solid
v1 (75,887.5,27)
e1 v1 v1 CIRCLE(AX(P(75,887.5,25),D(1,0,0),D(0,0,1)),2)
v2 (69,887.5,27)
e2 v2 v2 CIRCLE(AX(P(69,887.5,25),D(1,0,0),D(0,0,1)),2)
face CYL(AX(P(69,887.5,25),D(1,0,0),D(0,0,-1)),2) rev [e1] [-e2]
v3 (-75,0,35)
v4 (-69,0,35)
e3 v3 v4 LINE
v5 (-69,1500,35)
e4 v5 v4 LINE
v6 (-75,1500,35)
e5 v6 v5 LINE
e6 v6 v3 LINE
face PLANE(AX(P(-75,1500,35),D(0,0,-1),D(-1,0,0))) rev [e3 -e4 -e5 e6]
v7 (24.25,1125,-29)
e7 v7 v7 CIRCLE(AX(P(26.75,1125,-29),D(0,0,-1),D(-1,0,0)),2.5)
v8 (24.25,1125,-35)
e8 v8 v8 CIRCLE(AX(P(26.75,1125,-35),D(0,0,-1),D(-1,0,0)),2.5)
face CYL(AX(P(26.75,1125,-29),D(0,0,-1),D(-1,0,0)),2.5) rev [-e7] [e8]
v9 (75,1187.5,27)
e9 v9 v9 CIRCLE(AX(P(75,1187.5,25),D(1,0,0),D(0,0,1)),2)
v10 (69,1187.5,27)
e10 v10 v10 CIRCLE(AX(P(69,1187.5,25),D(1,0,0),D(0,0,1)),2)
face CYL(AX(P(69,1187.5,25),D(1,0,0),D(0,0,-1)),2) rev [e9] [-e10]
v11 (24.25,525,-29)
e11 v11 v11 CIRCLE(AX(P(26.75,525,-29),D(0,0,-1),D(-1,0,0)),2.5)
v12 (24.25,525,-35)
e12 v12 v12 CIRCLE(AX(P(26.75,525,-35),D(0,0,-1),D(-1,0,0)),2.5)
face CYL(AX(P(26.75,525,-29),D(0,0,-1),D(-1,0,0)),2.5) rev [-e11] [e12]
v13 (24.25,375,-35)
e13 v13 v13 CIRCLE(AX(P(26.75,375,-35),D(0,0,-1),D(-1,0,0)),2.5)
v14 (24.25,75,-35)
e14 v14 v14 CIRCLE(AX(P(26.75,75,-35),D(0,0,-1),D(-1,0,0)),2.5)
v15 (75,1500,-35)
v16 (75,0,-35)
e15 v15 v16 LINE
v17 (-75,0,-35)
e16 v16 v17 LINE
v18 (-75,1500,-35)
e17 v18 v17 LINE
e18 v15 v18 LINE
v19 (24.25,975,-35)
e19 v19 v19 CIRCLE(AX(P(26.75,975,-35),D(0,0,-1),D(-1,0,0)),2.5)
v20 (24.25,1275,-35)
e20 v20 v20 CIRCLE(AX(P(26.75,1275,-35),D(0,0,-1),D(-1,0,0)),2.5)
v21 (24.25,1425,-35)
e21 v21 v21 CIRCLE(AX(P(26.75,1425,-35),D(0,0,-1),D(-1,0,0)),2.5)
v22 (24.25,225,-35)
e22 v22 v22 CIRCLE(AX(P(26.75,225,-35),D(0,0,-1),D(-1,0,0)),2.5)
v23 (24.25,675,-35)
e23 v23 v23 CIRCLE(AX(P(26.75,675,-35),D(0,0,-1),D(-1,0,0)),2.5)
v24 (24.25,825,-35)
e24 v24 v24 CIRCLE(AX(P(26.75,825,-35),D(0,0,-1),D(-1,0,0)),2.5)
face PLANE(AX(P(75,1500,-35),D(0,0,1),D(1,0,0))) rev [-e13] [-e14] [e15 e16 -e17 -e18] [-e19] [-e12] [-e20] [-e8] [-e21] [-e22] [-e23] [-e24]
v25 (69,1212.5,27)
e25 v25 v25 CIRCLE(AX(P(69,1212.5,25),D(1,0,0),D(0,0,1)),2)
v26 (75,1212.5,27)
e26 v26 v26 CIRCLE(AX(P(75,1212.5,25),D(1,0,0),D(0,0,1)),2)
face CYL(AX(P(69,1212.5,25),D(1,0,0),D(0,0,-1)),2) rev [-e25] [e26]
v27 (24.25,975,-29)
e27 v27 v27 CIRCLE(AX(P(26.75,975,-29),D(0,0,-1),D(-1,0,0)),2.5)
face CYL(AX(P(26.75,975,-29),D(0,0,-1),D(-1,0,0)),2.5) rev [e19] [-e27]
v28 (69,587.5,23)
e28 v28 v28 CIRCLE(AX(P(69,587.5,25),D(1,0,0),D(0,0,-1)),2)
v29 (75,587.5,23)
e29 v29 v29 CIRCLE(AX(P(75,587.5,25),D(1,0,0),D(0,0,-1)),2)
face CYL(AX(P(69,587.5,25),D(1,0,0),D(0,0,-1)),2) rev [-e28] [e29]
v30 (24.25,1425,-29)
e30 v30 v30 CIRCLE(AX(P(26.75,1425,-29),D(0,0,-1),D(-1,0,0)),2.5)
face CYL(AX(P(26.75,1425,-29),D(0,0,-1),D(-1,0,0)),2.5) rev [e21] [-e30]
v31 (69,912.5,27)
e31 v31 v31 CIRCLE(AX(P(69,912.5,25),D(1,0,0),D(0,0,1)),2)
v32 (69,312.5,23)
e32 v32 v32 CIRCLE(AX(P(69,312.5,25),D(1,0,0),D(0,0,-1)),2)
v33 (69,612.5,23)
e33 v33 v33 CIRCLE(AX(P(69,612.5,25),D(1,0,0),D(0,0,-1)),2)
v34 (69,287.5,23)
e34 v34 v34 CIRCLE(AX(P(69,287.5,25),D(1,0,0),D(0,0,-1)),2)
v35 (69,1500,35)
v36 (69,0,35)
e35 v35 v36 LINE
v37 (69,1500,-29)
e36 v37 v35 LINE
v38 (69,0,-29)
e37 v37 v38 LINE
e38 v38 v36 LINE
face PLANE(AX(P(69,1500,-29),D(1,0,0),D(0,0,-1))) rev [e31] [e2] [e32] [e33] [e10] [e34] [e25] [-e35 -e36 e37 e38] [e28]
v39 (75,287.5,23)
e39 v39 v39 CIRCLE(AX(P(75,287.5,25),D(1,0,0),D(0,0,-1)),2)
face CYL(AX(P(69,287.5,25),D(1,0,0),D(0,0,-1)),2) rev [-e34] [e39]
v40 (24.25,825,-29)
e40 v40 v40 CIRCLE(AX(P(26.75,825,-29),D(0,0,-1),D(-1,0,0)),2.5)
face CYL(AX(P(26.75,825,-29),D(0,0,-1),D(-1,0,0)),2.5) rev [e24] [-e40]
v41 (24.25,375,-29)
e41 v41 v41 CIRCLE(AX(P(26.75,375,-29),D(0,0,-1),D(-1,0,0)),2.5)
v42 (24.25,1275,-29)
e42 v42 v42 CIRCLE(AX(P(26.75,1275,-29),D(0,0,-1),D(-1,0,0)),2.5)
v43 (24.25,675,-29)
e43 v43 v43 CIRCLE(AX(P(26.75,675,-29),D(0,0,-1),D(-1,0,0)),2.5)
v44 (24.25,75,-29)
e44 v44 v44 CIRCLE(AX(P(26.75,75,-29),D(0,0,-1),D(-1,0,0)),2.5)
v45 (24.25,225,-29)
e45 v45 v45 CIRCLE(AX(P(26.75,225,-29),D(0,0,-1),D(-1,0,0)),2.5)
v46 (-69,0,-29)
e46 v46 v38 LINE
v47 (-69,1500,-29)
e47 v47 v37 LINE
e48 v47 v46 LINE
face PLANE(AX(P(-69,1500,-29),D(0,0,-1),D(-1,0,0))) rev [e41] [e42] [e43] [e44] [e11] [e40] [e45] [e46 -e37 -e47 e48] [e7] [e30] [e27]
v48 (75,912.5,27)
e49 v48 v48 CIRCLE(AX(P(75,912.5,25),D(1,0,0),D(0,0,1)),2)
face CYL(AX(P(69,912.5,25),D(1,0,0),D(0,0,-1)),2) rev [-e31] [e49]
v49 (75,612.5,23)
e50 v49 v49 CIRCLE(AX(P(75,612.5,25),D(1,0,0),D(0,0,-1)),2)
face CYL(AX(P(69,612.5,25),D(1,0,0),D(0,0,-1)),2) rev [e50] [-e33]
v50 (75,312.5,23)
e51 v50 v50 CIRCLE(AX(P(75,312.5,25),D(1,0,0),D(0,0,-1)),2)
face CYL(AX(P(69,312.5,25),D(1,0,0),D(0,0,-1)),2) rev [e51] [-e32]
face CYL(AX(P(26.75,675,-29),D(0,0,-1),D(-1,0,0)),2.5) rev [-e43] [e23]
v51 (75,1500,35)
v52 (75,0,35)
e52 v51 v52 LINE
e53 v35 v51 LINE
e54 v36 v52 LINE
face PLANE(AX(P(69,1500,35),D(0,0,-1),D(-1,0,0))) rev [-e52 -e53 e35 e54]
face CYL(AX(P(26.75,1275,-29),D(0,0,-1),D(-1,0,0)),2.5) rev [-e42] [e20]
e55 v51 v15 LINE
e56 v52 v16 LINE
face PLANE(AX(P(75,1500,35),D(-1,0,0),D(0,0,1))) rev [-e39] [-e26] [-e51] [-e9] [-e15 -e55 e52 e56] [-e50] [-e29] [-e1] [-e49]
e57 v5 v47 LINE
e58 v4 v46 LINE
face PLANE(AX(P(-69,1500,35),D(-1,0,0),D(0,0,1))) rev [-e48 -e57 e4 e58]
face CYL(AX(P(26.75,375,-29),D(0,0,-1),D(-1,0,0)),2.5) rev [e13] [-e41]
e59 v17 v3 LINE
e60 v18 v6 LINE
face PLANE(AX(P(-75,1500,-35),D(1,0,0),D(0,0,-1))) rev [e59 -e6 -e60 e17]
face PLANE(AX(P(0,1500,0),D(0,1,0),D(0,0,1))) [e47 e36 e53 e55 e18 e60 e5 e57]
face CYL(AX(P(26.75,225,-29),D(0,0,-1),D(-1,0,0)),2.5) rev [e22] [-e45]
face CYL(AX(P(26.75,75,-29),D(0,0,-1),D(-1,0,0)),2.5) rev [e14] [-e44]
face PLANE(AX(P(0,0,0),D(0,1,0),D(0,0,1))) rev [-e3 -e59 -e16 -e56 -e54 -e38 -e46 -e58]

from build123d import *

# Parameters (mm, degrees)
BOSS_EXTRUDE1_DEPTH = 1500
SKETCH2_R           = 2
CUT_EXTRUDE1_DEPTH  = 6
SKETCH3_R           = 2.5
CUT_EXTRUDE2_DEPTH  = 6


with BuildPart() as part:
    # Sketch1 → Boss-Extrude1 (new body)
    with BuildSketch(Plane(origin=(0, 0, 0), x_dir=(1, 0, 0), z_dir=(0, 1, 0))):
        Polygon((-75, 35), (-75, -35), (-69, -35), (-69, 29), (69, 29), (69, -35), (75, -35), (75, 35), align=None)
    extrude(amount=BOSS_EXTRUDE1_DEPTH)

    # Sketch2 → Cut-Extrude1 (cut)
    with BuildSketch(Plane(origin=(75, 0, 0), x_dir=(0, 0, -1), z_dir=(1, 0, 0))):
        with Locations((-25, 312.5)):
            Circle(SKETCH2_R)
        with Locations((-25, 287.5)):
            Circle(SKETCH2_R)
        with Locations((-25, 587.5)):
            Circle(SKETCH2_R)
        with Locations((-25, 612.5)):
            Circle(SKETCH2_R)
        with Locations((-25, 1212.5)):
            Circle(SKETCH2_R)
        with Locations((-25, 1187.5)):
            Circle(SKETCH2_R)
        with Locations((-25, 887.5)):
            Circle(SKETCH2_R)
        with Locations((-25, 912.5)):
            Circle(SKETCH2_R)
    extrude(amount=-CUT_EXTRUDE1_DEPTH, mode=Mode.SUBTRACT)

    # Sketch3 → Cut-Extrude2 (cut)
    with BuildSketch(Plane(origin=(0, 0, -35), x_dir=(-1, 0, 0), z_dir=(0, 0, -1))):
        with Locations((-26.75, 75)):
            Circle(SKETCH3_R)
        with Locations((-26.75, 225)):
            Circle(SKETCH3_R)
        with Locations((-26.75, 375)):
            Circle(SKETCH3_R)
        with Locations((-26.75, 525)):
            Circle(SKETCH3_R)
        with Locations((-26.75, 675)):
            Circle(SKETCH3_R)
        with Locations((-26.75, 825)):
            Circle(SKETCH3_R)
        with Locations((-26.75, 975)):
            Circle(SKETCH3_R)
        with Locations((-26.75, 1125)):
            Circle(SKETCH3_R)
        with Locations((-26.75, 1275)):
            Circle(SKETCH3_R)
        with Locations((-26.75, 1425)):
            Circle(SKETCH3_R)
    extrude(amount=-CUT_EXTRUDE2_DEPTH, mode=Mode.SUBTRACT)


solid = part.part
